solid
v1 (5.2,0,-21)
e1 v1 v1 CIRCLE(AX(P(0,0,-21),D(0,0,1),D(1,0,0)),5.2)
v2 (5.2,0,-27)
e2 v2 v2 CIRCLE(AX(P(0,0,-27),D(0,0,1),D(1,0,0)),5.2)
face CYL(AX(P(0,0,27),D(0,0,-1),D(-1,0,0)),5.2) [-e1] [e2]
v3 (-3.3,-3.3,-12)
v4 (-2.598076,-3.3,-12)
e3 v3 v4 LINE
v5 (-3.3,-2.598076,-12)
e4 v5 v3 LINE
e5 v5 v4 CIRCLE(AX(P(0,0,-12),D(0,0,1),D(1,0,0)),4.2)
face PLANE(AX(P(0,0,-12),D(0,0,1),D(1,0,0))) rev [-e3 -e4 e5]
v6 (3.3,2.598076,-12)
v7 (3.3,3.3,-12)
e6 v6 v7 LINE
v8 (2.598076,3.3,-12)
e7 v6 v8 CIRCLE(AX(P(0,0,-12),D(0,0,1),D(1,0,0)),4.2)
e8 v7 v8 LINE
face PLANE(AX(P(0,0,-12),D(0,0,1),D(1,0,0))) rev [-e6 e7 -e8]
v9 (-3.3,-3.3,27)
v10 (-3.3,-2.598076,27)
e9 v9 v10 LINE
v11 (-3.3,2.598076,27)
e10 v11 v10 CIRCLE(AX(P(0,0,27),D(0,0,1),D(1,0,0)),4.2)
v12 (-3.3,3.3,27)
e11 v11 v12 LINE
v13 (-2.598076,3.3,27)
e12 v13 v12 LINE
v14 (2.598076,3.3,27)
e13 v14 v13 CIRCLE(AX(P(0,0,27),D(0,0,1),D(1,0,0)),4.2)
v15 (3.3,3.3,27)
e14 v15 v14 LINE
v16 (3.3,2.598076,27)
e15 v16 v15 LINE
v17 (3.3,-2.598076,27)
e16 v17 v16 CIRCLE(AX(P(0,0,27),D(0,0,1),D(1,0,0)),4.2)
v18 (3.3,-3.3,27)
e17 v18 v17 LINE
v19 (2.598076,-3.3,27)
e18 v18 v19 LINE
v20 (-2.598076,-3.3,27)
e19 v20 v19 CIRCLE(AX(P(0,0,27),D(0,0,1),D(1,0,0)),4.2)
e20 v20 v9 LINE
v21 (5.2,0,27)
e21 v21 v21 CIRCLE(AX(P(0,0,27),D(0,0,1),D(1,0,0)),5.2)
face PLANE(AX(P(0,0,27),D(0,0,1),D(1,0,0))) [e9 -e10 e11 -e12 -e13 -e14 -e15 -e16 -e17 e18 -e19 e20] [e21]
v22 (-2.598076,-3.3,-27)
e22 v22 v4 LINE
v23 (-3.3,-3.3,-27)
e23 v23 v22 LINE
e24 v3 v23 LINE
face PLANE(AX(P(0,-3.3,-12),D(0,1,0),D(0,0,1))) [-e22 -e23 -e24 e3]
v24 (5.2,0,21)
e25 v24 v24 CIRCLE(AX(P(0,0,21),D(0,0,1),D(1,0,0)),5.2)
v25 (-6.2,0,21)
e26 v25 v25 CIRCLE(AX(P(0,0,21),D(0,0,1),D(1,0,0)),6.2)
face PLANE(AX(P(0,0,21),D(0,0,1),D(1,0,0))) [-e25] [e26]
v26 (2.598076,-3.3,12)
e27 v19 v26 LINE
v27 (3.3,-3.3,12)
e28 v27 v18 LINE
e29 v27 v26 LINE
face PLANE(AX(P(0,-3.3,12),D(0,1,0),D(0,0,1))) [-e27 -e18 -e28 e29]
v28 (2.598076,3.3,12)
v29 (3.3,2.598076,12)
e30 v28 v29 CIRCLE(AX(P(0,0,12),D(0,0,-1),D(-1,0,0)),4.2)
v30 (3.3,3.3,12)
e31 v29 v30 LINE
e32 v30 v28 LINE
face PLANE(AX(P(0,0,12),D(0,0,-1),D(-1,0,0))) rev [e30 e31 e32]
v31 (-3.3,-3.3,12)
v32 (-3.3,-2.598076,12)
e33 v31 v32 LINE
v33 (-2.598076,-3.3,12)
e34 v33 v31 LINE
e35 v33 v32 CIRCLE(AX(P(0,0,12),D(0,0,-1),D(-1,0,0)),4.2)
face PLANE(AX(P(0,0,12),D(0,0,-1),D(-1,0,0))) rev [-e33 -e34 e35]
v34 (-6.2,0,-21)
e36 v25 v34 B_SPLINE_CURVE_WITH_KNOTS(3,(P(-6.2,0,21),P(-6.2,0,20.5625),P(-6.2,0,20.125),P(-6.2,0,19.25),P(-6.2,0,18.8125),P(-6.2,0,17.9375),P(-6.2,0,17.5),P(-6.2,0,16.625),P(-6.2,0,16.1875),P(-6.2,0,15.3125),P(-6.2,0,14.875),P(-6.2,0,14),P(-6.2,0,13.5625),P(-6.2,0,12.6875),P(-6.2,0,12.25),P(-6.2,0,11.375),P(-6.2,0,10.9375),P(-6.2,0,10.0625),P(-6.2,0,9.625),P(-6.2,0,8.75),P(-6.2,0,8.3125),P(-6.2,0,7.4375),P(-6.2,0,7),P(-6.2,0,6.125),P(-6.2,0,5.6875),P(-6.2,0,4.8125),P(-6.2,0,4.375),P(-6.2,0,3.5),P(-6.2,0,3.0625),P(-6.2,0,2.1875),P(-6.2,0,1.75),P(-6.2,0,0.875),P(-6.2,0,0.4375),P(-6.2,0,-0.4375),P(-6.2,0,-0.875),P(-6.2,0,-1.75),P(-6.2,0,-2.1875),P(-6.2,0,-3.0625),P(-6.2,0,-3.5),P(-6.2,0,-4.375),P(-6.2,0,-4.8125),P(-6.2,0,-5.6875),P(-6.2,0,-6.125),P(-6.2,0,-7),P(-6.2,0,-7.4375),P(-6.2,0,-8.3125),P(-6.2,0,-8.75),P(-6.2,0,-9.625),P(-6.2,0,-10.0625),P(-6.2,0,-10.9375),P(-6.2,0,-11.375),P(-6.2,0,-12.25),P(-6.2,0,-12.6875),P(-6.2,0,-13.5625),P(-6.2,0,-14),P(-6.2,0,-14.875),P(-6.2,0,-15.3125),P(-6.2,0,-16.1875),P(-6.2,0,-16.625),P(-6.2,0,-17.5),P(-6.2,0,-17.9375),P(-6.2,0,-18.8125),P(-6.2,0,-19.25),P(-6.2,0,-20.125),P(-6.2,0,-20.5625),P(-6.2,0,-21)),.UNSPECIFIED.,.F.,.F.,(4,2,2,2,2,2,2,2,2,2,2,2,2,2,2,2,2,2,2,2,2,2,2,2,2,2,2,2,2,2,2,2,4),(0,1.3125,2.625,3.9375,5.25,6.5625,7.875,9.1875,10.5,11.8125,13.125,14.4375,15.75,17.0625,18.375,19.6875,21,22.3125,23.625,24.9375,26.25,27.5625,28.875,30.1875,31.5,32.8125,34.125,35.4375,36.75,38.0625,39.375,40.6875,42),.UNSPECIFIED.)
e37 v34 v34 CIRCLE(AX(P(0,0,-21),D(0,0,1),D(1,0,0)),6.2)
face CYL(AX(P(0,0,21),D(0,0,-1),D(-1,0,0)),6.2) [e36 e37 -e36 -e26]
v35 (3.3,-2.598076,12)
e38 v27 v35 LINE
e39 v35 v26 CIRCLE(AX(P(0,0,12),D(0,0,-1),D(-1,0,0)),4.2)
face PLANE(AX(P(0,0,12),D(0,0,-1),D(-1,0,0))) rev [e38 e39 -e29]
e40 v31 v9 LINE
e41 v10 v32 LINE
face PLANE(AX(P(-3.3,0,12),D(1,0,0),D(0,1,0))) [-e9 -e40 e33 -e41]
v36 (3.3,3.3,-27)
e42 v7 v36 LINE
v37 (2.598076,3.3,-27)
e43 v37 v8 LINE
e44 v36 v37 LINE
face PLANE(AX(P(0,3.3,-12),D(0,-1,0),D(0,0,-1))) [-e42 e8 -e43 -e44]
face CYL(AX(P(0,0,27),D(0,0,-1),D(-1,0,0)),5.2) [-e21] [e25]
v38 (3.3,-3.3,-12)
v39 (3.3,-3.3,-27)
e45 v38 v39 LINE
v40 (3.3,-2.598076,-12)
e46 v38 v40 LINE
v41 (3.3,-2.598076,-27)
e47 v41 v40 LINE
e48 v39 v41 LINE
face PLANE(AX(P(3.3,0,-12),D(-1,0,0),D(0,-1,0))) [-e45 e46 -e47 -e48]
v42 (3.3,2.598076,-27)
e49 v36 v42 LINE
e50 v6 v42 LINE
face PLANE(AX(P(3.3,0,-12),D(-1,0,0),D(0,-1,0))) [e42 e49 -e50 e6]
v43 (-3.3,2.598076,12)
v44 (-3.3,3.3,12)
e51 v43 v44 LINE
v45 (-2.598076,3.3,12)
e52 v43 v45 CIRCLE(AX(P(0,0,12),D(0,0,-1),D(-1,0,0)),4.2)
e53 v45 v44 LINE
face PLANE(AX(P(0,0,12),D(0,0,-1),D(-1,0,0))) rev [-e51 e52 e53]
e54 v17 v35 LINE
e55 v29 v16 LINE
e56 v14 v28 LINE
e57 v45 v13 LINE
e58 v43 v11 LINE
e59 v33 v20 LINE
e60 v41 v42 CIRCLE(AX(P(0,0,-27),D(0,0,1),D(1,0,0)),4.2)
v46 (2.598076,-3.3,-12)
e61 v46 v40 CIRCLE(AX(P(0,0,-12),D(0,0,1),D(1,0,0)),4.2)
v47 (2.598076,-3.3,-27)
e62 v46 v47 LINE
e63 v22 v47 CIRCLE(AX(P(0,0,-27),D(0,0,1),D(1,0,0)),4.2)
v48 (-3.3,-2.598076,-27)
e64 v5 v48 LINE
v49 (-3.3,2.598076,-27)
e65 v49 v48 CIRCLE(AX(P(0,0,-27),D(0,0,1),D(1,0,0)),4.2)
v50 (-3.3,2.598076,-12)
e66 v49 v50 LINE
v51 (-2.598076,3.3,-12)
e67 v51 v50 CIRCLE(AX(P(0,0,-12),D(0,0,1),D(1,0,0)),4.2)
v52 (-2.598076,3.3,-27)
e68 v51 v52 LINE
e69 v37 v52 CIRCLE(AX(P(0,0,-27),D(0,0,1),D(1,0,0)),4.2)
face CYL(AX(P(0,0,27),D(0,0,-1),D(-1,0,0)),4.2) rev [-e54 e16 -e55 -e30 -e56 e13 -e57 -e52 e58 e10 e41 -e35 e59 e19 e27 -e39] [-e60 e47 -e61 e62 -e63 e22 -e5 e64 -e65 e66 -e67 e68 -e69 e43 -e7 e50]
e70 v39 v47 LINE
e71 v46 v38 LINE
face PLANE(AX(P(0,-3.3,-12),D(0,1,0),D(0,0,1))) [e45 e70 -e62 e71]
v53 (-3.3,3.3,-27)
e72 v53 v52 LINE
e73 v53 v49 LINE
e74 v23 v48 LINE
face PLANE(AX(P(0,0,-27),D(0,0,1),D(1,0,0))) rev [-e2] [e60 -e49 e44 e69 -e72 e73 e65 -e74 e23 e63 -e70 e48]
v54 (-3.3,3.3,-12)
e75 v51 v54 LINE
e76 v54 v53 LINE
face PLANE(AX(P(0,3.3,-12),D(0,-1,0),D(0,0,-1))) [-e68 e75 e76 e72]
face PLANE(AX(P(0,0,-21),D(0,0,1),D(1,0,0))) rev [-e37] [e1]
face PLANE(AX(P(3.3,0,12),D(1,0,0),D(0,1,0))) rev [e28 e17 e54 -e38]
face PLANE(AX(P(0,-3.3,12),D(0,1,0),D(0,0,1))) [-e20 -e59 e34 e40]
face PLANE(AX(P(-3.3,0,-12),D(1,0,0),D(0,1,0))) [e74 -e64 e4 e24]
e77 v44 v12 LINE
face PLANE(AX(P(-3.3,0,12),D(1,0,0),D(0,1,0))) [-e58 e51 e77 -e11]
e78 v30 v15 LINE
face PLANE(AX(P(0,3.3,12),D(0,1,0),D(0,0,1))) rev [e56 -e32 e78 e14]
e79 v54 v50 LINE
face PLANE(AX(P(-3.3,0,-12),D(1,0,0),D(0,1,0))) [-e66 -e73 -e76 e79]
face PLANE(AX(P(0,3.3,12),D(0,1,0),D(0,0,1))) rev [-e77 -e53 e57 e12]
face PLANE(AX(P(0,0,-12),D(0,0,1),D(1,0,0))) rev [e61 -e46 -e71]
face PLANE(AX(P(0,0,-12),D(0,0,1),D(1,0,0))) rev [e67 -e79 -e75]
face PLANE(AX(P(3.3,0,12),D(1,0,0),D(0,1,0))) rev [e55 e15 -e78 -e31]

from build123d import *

# Parameters (mm, degrees)
SKETCH1_R           = 5.2
SKETCH1_R_2         = 4.2
BOSS_EXTRUDE2_DEPTH = 27
SKETCH1_3_R         = 6.2
SKETCH1_3_R_2       = 5.2
BOSS_EXTRUDE3_DEPTH = 21
CUT_EXTRUDE1_START  = 27
SKETCH3_W           = 6.6
SKETCH3_H           = 6.6
CUT_EXTRUDE1_DEPTH  = 15
CUT_EXTRUDE2_START  = -27
SKETCH3_3_W         = 6.6
SKETCH3_3_H         = 6.6
CUT_EXTRUDE2_DEPTH  = 15


with BuildPart() as part:
    # Sketch1 → Boss-Extrude2 (new, symmetric)
    with BuildSketch(Plane.XY):
        Circle(SKETCH1_R)
        Circle(SKETCH1_R_2, mode=Mode.SUBTRACT)
    extrude(amount=BOSS_EXTRUDE2_DEPTH, both=True)

    # Sketch1<3> → Boss-Extrude3 (add, symmetric)
    with BuildSketch(Plane.XY):
        with Locations(Location((0, 0, 0), (0, 0, 180))):
            Circle(SKETCH1_3_R)
        Circle(SKETCH1_3_R_2, mode=Mode.SUBTRACT)
    extrude(amount=BOSS_EXTRUDE3_DEPTH, both=True)

    # Sketch3 → Cut-Extrude1 (cut)
    with BuildSketch(Plane.XY.offset(CUT_EXTRUDE1_START)):
        Rectangle(SKETCH3_W, SKETCH3_H)
    extrude(amount=-CUT_EXTRUDE1_DEPTH, mode=Mode.SUBTRACT)

    # Sketch3<3> → Cut-Extrude2 (cut)
    with BuildSketch(Plane.XY.offset(CUT_EXTRUDE2_START)):
        Rectangle(SKETCH3_3_W, SKETCH3_3_H)
    extrude(amount=CUT_EXTRUDE2_DEPTH, mode=Mode.SUBTRACT)


solid = part.part
